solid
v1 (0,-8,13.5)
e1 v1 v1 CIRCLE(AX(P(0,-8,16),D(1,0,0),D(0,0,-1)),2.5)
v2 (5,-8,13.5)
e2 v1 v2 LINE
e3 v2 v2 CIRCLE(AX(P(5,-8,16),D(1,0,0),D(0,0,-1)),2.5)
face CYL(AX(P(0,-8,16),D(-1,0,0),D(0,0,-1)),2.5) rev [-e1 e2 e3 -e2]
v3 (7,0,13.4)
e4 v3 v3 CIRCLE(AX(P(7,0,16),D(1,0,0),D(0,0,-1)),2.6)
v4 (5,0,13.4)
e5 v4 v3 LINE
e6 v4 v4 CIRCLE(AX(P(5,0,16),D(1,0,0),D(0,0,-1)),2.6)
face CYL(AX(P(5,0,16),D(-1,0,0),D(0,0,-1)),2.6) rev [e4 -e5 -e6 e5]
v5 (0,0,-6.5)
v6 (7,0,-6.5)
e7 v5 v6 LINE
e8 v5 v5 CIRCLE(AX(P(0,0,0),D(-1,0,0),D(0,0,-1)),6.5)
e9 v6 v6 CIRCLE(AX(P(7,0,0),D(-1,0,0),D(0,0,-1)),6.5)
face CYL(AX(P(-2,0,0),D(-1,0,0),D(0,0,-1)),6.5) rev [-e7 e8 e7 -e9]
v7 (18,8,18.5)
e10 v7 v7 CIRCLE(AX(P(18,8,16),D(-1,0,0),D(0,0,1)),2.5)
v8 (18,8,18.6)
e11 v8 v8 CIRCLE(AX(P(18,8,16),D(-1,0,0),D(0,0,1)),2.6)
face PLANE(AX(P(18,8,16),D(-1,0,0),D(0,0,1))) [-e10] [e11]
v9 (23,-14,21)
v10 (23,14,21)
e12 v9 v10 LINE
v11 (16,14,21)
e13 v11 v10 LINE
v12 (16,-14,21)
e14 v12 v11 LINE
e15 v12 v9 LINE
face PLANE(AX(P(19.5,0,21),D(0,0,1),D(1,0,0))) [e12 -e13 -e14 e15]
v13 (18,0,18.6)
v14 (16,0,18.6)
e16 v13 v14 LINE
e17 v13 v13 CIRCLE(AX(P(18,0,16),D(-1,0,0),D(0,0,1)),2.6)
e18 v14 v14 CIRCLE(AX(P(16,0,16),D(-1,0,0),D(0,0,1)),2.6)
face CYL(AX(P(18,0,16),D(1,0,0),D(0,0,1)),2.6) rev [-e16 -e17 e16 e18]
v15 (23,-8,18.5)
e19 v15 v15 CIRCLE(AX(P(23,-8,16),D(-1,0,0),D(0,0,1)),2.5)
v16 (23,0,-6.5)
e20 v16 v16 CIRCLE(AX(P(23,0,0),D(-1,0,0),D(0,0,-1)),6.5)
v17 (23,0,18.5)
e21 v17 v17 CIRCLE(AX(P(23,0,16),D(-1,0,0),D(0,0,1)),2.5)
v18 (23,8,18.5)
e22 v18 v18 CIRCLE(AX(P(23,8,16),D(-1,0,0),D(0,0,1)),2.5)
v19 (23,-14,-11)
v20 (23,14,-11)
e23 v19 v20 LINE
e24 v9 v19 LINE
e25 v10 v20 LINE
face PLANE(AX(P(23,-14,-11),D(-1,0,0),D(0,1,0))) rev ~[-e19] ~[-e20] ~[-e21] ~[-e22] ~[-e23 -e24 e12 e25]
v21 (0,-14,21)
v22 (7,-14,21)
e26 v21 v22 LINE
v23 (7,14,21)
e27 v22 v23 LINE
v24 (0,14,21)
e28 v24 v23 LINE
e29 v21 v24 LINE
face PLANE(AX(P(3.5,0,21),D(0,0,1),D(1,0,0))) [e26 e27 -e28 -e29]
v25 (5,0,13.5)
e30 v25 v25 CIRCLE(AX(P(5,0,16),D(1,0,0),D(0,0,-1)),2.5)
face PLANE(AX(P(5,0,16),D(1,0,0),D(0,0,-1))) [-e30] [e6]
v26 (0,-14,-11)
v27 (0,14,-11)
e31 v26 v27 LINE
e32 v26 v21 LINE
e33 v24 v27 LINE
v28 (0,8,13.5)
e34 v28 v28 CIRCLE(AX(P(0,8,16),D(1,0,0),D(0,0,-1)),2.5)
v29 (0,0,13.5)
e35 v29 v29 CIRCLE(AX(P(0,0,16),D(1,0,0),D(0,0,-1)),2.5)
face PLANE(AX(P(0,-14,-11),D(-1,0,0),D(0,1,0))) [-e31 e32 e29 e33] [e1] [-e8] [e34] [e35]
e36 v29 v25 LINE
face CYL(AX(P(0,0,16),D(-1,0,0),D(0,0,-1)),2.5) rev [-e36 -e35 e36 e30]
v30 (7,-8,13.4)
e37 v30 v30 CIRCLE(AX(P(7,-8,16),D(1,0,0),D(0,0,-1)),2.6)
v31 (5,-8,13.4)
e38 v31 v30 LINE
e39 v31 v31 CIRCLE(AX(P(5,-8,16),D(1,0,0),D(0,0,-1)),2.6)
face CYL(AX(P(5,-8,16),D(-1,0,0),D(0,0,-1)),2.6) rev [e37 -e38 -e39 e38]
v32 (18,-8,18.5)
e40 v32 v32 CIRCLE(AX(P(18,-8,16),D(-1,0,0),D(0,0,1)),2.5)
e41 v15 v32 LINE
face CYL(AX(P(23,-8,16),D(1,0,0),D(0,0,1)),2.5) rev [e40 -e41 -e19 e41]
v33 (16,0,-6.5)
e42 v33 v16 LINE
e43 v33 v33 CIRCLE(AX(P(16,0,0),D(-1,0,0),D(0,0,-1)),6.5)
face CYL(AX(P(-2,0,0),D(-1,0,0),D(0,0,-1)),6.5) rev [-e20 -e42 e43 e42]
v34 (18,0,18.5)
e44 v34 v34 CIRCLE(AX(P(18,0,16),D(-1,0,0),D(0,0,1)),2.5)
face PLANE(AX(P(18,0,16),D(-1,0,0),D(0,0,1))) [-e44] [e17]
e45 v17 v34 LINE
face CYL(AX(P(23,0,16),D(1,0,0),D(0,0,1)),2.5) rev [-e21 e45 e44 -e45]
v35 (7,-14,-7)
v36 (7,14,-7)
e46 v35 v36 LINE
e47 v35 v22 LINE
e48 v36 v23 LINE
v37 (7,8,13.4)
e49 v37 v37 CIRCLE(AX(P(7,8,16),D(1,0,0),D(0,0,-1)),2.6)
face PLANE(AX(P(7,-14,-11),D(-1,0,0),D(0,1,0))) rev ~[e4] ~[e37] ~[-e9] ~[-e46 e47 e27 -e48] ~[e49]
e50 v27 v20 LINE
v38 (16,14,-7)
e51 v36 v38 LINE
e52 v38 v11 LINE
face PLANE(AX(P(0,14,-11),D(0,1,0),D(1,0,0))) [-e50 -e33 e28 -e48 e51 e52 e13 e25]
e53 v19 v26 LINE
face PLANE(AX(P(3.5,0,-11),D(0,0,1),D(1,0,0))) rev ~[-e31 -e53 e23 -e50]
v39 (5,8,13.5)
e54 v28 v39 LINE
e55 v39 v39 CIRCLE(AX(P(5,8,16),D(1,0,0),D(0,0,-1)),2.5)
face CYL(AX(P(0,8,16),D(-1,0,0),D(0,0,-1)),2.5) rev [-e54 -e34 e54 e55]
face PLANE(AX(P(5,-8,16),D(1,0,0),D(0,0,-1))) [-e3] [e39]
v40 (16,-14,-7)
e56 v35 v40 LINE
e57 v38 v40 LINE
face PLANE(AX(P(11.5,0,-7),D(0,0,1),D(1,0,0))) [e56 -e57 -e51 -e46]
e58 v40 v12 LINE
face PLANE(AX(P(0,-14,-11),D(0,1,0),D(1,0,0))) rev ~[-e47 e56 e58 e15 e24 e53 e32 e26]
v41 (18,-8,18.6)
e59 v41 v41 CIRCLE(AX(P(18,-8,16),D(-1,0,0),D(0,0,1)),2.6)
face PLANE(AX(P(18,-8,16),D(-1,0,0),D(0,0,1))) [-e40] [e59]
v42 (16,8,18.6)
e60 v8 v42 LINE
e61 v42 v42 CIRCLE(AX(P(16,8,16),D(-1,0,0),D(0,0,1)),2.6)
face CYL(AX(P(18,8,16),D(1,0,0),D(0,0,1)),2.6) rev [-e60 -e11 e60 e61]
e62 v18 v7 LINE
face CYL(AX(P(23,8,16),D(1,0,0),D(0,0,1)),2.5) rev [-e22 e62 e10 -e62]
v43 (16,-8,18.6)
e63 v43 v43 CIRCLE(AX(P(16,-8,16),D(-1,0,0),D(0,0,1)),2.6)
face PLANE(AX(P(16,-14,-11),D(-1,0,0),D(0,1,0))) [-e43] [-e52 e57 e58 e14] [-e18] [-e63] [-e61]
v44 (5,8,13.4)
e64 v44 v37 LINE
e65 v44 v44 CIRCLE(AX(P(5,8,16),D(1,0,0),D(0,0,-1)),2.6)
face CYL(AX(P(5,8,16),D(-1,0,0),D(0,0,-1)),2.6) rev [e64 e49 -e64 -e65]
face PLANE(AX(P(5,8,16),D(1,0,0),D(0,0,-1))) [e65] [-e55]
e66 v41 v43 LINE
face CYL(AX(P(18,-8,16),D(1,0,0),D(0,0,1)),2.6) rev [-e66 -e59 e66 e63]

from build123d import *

# Parameters (mm, degrees)
CYLINDER112_R             = 2.6
CYLINDER112_DEPTH         = 2
CYLINDER113_R             = 2.5
CYLINDER113_DEPTH         = 5
FUSION048_PLACEMENT_ANGLE = 90
CYLINDER109_R             = 2.6
CYLINDER109_DEPTH         = 2
CYLINDER108_R             = 2.5
CYLINDER108_DEPTH         = 5
FUSION043_PLACEMENT_ANGLE = 90
CYLINDER107_R             = 2.6
CYLINDER107_DEPTH         = 2
CYLINDER106_R             = 2.5
CYLINDER106_DEPTH         = 5
FUSION042_PLACEMENT_ANGLE = 90
CYLINDER103_R             = 2.6
CYLINDER103_DEPTH         = 2
CYLINDER102_R             = 2.5
CYLINDER102_DEPTH         = 5
FUSION040_PLACEMENT_ANGLE = 90
CYLINDER101_R             = 2.6
CYLINDER101_DEPTH         = 2
CYLINDER100_R             = 2.5
CYLINDER100_DEPTH         = 5
FUSION039_PLACEMENT_ANGLE = 90
CYLINDER099_R             = 6.5
CYLINDER099_DEPTH         = 130
CYLINDER110_R             = 2.6
CYLINDER110_DEPTH         = 2
CYLINDER111_R             = 2.5
CYLINDER111_DEPTH         = 5
FUSION046_PLACEMENT_ANGLE = 90
BOX028_W                  = 23
BOX028_H                  = 28
BOX028_DEPTH              = 4
BOX029_W                  = 7
BOX029_H                  = 28
BOX029_DEPTH              = 32
BOX027_W                  = 7
BOX027_H                  = 28
BOX027_DEPTH              = 32


with BuildPart() as cilindro112:
    # Cylinder112 → Cylinder112 (new body)
    with BuildSketch(Plane.XY.offset(5)):
        Circle(CYLINDER112_R)
    extrude(amount=CYLINDER112_DEPTH)


with BuildPart() as enganche_lego017:
    # Cylinder113 → Cylinder113 (new body)
    with BuildSketch(Plane.XY):
        Circle(CYLINDER113_R)
    extrude(amount=CYLINDER113_DEPTH)

    # Fusion048: union Cilindro112
    add(cilindro112.part)


with BuildPart() as enganche_lego017_1:
    # Fusion048 placement: moved
    add(enganche_lego017.part.moved(Location((0, 0, 16))).rotate(Axis((0, 0, 16), (0, 1, 0)), FUSION048_PLACEMENT_ANGLE))


with BuildPart() as cilindro109:
    # Cylinder109 → Cylinder109 (new body)
    with BuildSketch(Plane.XY.offset(5)):
        Circle(CYLINDER109_R)
    extrude(amount=CYLINDER109_DEPTH)


with BuildPart() as enganche_lego015:
    # Cylinder108 → Cylinder108 (new body)
    with BuildSketch(Plane.XY):
        Circle(CYLINDER108_R)
    extrude(amount=CYLINDER108_DEPTH)

    # Fusion043: union Cilindro109
    add(cilindro109.part)


with BuildPart() as enganche_lego015_1:
    # Fusion043 placement: moved
    add(enganche_lego015.part.moved(Location((23, 8, 16))).rotate(Axis((23, 8, 16), (0, -1, 0)), FUSION043_PLACEMENT_ANGLE))


with BuildPart() as cilindro107:
    # Cylinder107 → Cylinder107 (new body)
    with BuildSketch(Plane.XY.offset(5)):
        Circle(CYLINDER107_R)
    extrude(amount=CYLINDER107_DEPTH)


with BuildPart() as enganche_lego014:
    # Cylinder106 → Cylinder106 (new body)
    with BuildSketch(Plane.XY):
        Circle(CYLINDER106_R)
    extrude(amount=CYLINDER106_DEPTH)

    # Fusion042: union Cilindro107
    add(cilindro107.part)


with BuildPart() as enganche_lego014_1:
    # Fusion042 placement: moved
    add(enganche_lego014.part.moved(Location((23, -8, 16))).rotate(Axis((23, -8, 16), (0, -1, 0)), FUSION042_PLACEMENT_ANGLE))


with BuildPart() as cilindro103:
    # Cylinder103 → Cylinder103 (new body)
    with BuildSketch(Plane.XY.offset(5)):
        Circle(CYLINDER103_R)
    extrude(amount=CYLINDER103_DEPTH)


with BuildPart() as enganche_lego012:
    # Cylinder102 → Cylinder102 (new body)
    with BuildSketch(Plane.XY):
        Circle(CYLINDER102_R)
    extrude(amount=CYLINDER102_DEPTH)

    # Fusion040: union Cilindro103
    add(cilindro103.part)


with BuildPart() as enganche_lego012_1:
    # Fusion040 placement: moved
    add(enganche_lego012.part.moved(Location((0, -8, 16))).rotate(Axis((0, -8, 16), (0, 1, 0)), FUSION040_PLACEMENT_ANGLE))


with BuildPart() as cilindro101:
    # Cylinder101 → Cylinder101 (new body)
    with BuildSketch(Plane.XY.offset(5)):
        Circle(CYLINDER101_R)
    extrude(amount=CYLINDER101_DEPTH)


with BuildPart() as enganche_lego011:
    # Cylinder100 → Cylinder100 (new body)
    with BuildSketch(Plane.XY):
        Circle(CYLINDER100_R)
    extrude(amount=CYLINDER100_DEPTH)

    # Fusion039: union Cilindro101
    add(cilindro101.part)


with BuildPart() as enganche_lego011_1:
    # Fusion039 placement: moved
    add(enganche_lego011.part.moved(Location((0, 8, 16))).rotate(Axis((0, 8, 16), (0, 1, 0)), FUSION039_PLACEMENT_ANGLE))


with BuildPart() as cilindro099:
    # Cylinder099 → Cylinder099 (new body)
    with BuildSketch(Plane(origin=(-2, 0, 0), x_dir=(0, 0, -1), z_dir=(1, 0, 0))):
        Circle(CYLINDER099_R)
    extrude(amount=CYLINDER099_DEPTH)


with BuildPart() as cilindro110:
    # Cylinder110 → Cylinder110 (new body)
    with BuildSketch(Plane.XY.offset(5)):
        Circle(CYLINDER110_R)
    extrude(amount=CYLINDER110_DEPTH)


with BuildPart() as fusion047:
    # Cylinder111 → Cylinder111 (new body)
    with BuildSketch(Plane.XY):
        Circle(CYLINDER111_R)
    extrude(amount=CYLINDER111_DEPTH)

    # Fusion046: union Cilindro110
    add(cilindro110.part)


with BuildPart() as fusion047_1:
    # Fusion046 placement: moved
    add(fusion047.part.moved(Location((23, 0, 16))).rotate(Axis((23, 0, 16), (0, -1, 0)), FUSION046_PLACEMENT_ANGLE))

    # Fusion047: union enganche_lego015, enganche_lego014, enganche_lego012, enganche_lego011, Cilindro099
    add(enganche_lego015_1.part)
    add(enganche_lego014_1.part)
    add(enganche_lego012_1.part)
    add(enganche_lego011_1.part)
    add(cilindro099.part)


with BuildPart() as cubo025:
    # Box028 → Box028 (new body)
    with BuildSketch(Plane(origin=(0, -14, -11), x_dir=(1, 0, 0), z_dir=(0, 0, 1))):
        with Locations((11.5, 14)):
            Rectangle(BOX028_W, BOX028_H)
    extrude(amount=BOX028_DEPTH)


with BuildPart() as cubo026:
    # Box029 → Box029 (new body)
    with BuildSketch(Plane(origin=(16, -14, -11), x_dir=(1, 0, 0), z_dir=(0, 0, 1))):
        with Locations((3.5, 14)):
            Rectangle(BOX029_W, BOX029_H)
    extrude(amount=BOX029_DEPTH)


with BuildPart() as barra_garra001:
    # Box027 → Box027 (new body)
    with BuildSketch(Plane(origin=(0, -14, -11), x_dir=(1, 0, 0), z_dir=(0, 0, 1))):
        with Locations((3.5, 14)):
            Rectangle(BOX027_W, BOX027_H)
    extrude(amount=BOX027_DEPTH)

    # Fusion045: union Cubo025, Cubo026
    add(cubo025.part)
    add(cubo026.part)

    # Cut054: cut Fusion047
    add(fusion047_1.part, mode=Mode.SUBTRACT)

    # Cut055: cut enganche_lego017
    add(enganche_lego017_1.part, mode=Mode.SUBTRACT)


solid = barra_garra001.part
